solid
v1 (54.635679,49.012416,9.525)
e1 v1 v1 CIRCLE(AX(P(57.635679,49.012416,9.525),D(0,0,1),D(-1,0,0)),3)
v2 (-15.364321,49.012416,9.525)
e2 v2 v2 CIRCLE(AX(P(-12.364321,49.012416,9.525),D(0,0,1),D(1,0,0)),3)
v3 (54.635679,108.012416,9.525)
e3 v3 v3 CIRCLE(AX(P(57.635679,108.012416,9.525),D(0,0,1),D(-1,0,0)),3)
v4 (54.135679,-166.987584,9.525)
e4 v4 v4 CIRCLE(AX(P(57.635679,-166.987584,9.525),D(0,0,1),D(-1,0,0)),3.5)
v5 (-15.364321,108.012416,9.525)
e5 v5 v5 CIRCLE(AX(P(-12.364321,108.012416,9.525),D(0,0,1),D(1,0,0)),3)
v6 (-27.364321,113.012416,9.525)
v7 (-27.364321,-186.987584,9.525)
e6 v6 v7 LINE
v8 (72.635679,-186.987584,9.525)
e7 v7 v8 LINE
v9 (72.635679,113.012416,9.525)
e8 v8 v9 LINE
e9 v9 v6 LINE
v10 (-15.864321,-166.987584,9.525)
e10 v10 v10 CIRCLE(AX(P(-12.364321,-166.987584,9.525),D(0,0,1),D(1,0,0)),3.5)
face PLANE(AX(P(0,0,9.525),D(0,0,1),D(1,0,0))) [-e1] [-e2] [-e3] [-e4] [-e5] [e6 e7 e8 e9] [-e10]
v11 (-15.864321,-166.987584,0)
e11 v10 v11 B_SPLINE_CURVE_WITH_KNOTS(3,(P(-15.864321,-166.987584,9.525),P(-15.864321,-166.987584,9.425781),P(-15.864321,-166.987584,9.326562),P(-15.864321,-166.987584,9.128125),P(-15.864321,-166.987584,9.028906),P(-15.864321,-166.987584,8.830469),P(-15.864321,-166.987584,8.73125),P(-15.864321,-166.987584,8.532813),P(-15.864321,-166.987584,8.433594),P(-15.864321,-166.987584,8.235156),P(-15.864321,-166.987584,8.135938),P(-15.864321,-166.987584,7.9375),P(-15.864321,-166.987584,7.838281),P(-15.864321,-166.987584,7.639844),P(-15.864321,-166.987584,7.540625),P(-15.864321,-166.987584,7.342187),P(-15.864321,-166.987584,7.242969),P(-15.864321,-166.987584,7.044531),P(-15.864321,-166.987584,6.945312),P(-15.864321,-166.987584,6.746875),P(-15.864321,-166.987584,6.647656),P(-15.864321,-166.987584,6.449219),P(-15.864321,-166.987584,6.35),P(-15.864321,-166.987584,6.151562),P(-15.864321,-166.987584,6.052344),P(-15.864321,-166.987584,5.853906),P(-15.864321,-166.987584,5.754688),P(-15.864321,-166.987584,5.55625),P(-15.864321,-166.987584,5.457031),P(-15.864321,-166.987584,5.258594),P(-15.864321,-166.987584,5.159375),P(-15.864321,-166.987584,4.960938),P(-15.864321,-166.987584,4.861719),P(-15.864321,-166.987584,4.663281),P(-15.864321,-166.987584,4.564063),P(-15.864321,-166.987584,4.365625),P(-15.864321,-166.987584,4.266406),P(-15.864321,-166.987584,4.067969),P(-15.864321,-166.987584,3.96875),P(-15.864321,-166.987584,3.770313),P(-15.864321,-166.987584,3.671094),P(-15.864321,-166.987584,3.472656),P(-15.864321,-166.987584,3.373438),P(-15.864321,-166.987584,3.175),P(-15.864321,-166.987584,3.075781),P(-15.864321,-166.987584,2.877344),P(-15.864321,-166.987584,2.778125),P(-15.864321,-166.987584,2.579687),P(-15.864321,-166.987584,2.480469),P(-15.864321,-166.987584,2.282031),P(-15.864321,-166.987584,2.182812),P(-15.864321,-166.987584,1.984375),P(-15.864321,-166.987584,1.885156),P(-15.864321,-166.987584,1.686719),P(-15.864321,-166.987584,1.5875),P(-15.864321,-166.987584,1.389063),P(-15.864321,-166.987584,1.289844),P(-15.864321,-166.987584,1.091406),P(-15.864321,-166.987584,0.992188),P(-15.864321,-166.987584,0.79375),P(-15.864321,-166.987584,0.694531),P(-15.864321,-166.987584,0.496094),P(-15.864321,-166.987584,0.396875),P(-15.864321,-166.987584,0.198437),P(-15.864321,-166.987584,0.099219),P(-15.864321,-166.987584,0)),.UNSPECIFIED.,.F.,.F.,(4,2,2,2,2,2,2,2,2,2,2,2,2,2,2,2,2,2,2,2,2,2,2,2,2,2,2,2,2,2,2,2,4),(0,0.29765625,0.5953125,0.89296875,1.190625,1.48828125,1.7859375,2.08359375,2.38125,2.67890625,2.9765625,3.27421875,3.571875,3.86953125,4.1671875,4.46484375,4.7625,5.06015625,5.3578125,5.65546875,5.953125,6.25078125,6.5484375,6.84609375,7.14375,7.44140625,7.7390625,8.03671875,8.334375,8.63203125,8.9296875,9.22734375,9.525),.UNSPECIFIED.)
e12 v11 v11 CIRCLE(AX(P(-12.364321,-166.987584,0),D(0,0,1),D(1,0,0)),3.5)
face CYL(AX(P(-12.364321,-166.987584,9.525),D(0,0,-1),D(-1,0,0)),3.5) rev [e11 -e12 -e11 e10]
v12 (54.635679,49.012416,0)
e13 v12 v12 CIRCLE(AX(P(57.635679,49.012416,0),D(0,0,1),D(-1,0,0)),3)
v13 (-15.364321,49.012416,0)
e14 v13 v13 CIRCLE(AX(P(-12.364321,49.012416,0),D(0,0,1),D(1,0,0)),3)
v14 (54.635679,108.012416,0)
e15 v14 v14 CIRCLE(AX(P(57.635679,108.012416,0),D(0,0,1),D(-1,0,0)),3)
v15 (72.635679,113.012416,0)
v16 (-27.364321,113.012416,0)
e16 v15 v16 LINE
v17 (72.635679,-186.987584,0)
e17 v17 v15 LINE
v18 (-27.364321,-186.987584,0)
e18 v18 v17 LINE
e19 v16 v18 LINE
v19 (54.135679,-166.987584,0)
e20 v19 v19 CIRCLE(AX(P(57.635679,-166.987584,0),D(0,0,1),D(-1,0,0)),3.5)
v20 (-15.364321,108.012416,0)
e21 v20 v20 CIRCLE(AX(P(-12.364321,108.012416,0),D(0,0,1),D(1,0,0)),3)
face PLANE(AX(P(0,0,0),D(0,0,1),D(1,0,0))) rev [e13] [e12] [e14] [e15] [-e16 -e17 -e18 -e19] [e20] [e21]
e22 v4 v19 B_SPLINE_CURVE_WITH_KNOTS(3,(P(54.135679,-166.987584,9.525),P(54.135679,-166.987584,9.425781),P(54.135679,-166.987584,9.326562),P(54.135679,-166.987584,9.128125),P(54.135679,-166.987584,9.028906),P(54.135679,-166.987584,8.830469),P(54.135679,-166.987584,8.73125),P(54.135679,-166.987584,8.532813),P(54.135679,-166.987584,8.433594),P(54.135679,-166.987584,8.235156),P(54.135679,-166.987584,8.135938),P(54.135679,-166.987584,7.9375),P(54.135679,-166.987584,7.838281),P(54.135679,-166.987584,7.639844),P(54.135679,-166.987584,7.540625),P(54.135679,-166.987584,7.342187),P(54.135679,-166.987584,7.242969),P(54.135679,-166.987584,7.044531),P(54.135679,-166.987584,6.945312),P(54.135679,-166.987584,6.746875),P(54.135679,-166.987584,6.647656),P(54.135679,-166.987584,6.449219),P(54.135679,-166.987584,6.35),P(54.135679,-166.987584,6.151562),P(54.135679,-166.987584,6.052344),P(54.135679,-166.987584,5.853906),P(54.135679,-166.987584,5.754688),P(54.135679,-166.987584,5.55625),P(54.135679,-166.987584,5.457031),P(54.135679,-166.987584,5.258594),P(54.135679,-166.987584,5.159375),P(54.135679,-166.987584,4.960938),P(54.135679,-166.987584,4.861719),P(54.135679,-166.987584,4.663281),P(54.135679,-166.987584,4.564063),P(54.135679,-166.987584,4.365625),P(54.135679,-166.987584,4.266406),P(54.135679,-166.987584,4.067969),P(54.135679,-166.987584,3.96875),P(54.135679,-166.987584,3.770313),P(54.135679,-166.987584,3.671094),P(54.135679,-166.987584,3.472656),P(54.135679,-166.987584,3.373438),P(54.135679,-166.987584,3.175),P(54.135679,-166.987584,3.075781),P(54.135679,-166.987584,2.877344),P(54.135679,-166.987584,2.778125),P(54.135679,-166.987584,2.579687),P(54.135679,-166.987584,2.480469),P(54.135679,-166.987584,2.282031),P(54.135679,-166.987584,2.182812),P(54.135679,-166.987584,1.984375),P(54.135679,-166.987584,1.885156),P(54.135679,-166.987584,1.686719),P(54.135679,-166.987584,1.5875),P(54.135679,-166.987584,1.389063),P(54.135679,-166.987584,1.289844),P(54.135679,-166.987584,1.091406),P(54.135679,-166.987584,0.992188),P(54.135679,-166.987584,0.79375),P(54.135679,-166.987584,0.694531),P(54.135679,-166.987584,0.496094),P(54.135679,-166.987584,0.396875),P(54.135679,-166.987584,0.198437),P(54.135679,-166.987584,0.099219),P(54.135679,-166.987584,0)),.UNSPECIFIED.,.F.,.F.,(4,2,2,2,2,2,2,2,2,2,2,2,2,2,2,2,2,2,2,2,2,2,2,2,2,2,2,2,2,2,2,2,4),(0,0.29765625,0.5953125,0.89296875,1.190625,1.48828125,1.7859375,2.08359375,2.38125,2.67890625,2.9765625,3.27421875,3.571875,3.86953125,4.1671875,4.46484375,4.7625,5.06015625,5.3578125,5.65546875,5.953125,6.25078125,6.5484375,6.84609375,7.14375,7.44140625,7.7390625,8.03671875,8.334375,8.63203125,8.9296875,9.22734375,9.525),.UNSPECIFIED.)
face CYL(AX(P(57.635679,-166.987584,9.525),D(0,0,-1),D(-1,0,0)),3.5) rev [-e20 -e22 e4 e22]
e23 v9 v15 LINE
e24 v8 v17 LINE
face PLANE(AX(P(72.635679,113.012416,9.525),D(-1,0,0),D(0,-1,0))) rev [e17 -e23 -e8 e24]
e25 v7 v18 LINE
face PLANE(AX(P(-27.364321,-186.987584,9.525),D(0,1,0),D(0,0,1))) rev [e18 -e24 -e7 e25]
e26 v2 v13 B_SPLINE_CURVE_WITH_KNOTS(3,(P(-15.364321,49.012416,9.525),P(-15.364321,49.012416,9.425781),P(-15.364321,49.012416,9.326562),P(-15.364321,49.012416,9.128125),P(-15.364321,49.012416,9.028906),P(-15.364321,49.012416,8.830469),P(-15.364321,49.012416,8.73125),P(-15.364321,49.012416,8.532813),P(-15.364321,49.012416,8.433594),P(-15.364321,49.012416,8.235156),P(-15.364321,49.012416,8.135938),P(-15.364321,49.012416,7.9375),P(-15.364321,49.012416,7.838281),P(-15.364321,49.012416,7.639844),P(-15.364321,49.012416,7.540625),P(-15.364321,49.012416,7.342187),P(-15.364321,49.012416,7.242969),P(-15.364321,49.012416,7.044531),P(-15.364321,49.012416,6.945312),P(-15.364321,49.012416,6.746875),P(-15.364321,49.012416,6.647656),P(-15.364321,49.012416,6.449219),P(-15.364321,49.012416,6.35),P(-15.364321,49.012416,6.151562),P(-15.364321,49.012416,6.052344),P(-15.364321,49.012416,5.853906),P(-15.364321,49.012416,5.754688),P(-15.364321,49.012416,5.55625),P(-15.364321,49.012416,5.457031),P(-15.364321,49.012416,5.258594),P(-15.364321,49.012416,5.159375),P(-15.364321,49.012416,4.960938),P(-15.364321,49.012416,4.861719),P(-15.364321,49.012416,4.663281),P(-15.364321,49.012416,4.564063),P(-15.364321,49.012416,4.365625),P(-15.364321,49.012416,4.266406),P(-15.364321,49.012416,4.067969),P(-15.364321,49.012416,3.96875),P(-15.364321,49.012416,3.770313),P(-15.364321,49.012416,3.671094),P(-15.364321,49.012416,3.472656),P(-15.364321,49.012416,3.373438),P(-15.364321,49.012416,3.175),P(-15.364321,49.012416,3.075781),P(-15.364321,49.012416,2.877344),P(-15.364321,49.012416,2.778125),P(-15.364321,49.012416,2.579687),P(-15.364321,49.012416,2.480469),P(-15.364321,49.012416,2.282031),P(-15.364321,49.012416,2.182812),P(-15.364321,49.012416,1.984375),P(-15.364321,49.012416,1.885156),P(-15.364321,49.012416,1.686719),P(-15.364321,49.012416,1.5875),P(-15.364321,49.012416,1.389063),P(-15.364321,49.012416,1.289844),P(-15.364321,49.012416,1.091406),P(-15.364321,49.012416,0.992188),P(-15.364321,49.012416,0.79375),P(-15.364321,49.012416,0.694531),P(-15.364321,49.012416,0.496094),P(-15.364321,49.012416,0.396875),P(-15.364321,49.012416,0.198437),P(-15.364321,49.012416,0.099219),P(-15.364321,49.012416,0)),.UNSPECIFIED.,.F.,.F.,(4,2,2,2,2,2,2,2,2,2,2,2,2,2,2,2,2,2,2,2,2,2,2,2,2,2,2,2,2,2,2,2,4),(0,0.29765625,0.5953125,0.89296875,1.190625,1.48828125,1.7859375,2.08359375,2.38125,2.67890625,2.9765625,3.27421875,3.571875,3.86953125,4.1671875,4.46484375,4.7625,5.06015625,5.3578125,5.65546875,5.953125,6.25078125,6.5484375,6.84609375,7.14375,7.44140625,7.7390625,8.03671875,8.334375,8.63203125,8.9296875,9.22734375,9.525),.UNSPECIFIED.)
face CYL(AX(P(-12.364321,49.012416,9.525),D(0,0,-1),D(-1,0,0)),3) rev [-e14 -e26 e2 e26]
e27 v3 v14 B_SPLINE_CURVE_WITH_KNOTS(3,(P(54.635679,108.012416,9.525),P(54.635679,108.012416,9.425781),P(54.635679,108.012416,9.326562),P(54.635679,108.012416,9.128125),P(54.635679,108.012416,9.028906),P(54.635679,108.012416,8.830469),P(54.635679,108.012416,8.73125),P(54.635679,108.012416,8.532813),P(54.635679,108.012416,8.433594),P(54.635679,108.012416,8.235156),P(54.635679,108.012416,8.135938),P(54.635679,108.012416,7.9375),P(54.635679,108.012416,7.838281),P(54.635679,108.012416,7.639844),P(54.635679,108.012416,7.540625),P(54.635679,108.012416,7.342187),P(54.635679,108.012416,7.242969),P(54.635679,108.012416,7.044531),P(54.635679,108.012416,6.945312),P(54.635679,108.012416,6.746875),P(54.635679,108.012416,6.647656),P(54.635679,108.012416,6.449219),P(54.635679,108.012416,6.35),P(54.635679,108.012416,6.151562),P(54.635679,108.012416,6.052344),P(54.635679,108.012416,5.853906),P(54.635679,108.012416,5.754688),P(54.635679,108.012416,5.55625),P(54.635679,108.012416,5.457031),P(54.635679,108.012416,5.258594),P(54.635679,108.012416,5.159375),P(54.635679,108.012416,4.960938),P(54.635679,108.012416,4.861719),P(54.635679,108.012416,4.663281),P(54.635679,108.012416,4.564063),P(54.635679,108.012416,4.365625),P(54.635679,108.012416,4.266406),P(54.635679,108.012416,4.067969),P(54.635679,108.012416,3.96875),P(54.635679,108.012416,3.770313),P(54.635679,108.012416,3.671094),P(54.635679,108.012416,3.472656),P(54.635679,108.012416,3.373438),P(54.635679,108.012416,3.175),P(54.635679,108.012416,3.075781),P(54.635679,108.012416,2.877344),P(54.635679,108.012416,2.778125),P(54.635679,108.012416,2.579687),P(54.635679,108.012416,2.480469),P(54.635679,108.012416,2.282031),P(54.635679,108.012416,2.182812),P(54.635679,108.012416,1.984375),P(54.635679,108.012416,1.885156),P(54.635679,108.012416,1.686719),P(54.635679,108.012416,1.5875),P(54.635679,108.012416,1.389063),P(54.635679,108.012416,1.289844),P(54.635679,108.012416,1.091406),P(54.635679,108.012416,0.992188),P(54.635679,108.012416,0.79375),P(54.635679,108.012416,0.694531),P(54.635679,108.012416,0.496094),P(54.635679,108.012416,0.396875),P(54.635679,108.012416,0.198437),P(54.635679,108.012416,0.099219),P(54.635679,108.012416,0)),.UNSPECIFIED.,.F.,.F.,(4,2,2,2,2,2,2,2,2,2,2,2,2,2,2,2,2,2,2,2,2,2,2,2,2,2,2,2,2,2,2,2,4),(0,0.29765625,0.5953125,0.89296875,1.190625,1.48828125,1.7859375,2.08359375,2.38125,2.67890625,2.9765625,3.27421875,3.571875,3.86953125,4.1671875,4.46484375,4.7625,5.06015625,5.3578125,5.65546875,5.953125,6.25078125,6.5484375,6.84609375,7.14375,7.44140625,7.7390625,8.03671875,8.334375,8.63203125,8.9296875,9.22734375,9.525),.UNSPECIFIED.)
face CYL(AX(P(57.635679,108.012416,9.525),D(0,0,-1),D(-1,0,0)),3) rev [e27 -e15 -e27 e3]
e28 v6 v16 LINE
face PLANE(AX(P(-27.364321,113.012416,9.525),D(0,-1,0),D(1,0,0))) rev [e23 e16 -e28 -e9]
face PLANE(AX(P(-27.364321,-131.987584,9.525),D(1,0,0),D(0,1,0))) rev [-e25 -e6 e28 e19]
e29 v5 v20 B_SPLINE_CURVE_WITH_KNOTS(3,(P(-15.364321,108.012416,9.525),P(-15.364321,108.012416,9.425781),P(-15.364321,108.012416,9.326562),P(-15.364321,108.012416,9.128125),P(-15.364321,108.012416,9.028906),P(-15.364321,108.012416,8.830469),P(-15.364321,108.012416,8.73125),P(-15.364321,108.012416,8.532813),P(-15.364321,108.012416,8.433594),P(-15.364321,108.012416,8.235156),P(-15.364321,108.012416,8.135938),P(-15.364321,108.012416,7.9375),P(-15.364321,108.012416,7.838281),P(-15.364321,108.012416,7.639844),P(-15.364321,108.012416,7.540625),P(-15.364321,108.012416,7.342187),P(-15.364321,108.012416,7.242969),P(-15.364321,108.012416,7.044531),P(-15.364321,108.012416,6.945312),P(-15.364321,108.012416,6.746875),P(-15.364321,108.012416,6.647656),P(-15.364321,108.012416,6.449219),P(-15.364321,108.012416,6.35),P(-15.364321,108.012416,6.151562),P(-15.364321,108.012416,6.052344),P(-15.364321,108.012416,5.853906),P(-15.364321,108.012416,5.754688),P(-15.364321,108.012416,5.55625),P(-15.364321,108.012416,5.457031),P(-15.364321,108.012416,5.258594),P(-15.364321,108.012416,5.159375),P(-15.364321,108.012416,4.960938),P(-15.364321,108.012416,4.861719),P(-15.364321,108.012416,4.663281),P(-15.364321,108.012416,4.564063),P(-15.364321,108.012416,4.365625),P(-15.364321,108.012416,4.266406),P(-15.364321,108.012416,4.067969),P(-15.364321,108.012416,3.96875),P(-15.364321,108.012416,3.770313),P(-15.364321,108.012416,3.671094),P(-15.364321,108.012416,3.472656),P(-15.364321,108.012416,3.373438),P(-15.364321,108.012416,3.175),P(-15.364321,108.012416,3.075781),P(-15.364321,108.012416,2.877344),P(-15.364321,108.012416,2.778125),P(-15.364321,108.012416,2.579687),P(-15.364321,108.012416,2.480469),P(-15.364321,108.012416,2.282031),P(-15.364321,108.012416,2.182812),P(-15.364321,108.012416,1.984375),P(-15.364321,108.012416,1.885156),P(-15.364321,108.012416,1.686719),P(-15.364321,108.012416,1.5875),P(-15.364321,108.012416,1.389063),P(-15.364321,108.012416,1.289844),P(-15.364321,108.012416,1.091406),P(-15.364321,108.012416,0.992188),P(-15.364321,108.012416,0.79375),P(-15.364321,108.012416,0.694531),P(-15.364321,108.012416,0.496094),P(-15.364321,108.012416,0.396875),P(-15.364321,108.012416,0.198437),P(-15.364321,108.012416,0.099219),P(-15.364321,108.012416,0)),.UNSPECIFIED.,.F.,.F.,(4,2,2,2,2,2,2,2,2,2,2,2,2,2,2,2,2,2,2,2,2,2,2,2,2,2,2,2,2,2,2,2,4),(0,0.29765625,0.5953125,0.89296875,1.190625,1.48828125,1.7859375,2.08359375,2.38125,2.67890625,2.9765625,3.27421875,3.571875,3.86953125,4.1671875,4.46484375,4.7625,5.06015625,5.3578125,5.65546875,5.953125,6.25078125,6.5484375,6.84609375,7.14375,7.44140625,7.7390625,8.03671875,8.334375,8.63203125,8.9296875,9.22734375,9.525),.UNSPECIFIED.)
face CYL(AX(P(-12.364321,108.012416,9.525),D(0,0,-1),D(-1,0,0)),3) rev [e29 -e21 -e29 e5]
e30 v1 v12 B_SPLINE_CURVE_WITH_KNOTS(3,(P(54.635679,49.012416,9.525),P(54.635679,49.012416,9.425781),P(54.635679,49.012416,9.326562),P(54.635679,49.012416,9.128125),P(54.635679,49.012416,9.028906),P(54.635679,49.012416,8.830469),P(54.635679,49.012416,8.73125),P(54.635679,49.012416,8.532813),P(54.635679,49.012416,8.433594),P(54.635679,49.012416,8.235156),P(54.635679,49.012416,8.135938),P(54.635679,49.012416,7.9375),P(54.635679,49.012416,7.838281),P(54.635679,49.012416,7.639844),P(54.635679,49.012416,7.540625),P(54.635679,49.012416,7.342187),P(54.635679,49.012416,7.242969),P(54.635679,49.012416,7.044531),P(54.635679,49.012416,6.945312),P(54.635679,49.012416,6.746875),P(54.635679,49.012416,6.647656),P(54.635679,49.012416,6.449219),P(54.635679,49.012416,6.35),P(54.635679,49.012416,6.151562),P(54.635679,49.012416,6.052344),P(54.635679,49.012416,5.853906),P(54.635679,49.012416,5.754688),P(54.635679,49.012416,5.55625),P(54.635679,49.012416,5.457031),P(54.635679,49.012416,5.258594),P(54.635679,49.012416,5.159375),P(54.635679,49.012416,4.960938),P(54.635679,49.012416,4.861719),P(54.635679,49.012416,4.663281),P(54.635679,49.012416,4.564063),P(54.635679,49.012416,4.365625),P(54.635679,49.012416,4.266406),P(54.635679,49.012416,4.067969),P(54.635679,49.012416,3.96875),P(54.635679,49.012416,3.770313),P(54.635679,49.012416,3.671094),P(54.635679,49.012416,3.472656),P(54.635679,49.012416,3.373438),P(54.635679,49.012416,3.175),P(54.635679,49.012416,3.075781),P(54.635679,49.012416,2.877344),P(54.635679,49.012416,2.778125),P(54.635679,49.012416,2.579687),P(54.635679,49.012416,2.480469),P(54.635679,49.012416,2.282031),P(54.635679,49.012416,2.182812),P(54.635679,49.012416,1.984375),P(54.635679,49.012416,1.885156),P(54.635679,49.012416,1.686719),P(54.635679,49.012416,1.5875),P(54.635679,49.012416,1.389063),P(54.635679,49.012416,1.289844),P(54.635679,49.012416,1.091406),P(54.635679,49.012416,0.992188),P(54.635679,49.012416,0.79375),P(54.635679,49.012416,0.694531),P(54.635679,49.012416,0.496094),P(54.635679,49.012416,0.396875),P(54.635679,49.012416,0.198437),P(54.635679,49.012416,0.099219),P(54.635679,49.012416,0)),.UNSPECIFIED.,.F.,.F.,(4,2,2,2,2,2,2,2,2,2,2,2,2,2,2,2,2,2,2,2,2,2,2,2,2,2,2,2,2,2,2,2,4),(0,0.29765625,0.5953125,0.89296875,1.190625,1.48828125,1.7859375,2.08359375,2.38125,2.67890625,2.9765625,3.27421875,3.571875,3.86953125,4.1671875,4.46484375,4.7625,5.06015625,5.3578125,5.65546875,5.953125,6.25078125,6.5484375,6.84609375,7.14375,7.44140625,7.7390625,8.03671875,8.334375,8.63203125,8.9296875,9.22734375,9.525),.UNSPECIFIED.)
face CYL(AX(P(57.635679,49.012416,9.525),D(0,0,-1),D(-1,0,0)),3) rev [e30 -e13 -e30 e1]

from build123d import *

# Parameters (mm, degrees)
SKETCH1_R           = 3
SKETCH1_R_2         = 3.5
BOSS_EXTRUDE1_DEPTH = 9.525


with BuildPart() as part:
    # Sketch1 → Boss-Extrude1 (new body)
    with BuildSketch(Plane.XY):
        Polygon((-27.364320758, 113.012415756), (72.635679242, 113.012415756), (72.635679242, 7.787512308), (72.635679242, -131.987584244), (72.635679242, -186.987584244), (-27.364320758, -186.987584244), (-27.364320758, -131.987584244), (-27.364320758, 7.787512308), align=None)
        with Locations(Location((-12.364320758, 108.012415756, 0), (0, 0, 180))):
            Circle(SKETCH1_R, mode=Mode.SUBTRACT)
        with Locations(Location((57.635679242, 49.012415756, 0), (0, 0, 180))):
            Circle(SKETCH1_R, mode=Mode.SUBTRACT)
        with Locations(Location((-12.364320758, 49.012415756, 0), (0, 0, 180))):
            Circle(SKETCH1_R, mode=Mode.SUBTRACT)
        with Locations(Location((57.635679242, 108.012415756, 0), (0, 0, 180))):
            Circle(SKETCH1_R, mode=Mode.SUBTRACT)
        with Locations(Location((-12.364320758, -166.987584244, 0), (0, 0, 180))):
            Circle(SKETCH1_R_2, mode=Mode.SUBTRACT)
        with Locations(Location((57.635679242, -166.987584244, 0), (0, 0, 180))):
            Circle(SKETCH1_R_2, mode=Mode.SUBTRACT)
    extrude(amount=BOSS_EXTRUDE1_DEPTH)


solid = part.part
